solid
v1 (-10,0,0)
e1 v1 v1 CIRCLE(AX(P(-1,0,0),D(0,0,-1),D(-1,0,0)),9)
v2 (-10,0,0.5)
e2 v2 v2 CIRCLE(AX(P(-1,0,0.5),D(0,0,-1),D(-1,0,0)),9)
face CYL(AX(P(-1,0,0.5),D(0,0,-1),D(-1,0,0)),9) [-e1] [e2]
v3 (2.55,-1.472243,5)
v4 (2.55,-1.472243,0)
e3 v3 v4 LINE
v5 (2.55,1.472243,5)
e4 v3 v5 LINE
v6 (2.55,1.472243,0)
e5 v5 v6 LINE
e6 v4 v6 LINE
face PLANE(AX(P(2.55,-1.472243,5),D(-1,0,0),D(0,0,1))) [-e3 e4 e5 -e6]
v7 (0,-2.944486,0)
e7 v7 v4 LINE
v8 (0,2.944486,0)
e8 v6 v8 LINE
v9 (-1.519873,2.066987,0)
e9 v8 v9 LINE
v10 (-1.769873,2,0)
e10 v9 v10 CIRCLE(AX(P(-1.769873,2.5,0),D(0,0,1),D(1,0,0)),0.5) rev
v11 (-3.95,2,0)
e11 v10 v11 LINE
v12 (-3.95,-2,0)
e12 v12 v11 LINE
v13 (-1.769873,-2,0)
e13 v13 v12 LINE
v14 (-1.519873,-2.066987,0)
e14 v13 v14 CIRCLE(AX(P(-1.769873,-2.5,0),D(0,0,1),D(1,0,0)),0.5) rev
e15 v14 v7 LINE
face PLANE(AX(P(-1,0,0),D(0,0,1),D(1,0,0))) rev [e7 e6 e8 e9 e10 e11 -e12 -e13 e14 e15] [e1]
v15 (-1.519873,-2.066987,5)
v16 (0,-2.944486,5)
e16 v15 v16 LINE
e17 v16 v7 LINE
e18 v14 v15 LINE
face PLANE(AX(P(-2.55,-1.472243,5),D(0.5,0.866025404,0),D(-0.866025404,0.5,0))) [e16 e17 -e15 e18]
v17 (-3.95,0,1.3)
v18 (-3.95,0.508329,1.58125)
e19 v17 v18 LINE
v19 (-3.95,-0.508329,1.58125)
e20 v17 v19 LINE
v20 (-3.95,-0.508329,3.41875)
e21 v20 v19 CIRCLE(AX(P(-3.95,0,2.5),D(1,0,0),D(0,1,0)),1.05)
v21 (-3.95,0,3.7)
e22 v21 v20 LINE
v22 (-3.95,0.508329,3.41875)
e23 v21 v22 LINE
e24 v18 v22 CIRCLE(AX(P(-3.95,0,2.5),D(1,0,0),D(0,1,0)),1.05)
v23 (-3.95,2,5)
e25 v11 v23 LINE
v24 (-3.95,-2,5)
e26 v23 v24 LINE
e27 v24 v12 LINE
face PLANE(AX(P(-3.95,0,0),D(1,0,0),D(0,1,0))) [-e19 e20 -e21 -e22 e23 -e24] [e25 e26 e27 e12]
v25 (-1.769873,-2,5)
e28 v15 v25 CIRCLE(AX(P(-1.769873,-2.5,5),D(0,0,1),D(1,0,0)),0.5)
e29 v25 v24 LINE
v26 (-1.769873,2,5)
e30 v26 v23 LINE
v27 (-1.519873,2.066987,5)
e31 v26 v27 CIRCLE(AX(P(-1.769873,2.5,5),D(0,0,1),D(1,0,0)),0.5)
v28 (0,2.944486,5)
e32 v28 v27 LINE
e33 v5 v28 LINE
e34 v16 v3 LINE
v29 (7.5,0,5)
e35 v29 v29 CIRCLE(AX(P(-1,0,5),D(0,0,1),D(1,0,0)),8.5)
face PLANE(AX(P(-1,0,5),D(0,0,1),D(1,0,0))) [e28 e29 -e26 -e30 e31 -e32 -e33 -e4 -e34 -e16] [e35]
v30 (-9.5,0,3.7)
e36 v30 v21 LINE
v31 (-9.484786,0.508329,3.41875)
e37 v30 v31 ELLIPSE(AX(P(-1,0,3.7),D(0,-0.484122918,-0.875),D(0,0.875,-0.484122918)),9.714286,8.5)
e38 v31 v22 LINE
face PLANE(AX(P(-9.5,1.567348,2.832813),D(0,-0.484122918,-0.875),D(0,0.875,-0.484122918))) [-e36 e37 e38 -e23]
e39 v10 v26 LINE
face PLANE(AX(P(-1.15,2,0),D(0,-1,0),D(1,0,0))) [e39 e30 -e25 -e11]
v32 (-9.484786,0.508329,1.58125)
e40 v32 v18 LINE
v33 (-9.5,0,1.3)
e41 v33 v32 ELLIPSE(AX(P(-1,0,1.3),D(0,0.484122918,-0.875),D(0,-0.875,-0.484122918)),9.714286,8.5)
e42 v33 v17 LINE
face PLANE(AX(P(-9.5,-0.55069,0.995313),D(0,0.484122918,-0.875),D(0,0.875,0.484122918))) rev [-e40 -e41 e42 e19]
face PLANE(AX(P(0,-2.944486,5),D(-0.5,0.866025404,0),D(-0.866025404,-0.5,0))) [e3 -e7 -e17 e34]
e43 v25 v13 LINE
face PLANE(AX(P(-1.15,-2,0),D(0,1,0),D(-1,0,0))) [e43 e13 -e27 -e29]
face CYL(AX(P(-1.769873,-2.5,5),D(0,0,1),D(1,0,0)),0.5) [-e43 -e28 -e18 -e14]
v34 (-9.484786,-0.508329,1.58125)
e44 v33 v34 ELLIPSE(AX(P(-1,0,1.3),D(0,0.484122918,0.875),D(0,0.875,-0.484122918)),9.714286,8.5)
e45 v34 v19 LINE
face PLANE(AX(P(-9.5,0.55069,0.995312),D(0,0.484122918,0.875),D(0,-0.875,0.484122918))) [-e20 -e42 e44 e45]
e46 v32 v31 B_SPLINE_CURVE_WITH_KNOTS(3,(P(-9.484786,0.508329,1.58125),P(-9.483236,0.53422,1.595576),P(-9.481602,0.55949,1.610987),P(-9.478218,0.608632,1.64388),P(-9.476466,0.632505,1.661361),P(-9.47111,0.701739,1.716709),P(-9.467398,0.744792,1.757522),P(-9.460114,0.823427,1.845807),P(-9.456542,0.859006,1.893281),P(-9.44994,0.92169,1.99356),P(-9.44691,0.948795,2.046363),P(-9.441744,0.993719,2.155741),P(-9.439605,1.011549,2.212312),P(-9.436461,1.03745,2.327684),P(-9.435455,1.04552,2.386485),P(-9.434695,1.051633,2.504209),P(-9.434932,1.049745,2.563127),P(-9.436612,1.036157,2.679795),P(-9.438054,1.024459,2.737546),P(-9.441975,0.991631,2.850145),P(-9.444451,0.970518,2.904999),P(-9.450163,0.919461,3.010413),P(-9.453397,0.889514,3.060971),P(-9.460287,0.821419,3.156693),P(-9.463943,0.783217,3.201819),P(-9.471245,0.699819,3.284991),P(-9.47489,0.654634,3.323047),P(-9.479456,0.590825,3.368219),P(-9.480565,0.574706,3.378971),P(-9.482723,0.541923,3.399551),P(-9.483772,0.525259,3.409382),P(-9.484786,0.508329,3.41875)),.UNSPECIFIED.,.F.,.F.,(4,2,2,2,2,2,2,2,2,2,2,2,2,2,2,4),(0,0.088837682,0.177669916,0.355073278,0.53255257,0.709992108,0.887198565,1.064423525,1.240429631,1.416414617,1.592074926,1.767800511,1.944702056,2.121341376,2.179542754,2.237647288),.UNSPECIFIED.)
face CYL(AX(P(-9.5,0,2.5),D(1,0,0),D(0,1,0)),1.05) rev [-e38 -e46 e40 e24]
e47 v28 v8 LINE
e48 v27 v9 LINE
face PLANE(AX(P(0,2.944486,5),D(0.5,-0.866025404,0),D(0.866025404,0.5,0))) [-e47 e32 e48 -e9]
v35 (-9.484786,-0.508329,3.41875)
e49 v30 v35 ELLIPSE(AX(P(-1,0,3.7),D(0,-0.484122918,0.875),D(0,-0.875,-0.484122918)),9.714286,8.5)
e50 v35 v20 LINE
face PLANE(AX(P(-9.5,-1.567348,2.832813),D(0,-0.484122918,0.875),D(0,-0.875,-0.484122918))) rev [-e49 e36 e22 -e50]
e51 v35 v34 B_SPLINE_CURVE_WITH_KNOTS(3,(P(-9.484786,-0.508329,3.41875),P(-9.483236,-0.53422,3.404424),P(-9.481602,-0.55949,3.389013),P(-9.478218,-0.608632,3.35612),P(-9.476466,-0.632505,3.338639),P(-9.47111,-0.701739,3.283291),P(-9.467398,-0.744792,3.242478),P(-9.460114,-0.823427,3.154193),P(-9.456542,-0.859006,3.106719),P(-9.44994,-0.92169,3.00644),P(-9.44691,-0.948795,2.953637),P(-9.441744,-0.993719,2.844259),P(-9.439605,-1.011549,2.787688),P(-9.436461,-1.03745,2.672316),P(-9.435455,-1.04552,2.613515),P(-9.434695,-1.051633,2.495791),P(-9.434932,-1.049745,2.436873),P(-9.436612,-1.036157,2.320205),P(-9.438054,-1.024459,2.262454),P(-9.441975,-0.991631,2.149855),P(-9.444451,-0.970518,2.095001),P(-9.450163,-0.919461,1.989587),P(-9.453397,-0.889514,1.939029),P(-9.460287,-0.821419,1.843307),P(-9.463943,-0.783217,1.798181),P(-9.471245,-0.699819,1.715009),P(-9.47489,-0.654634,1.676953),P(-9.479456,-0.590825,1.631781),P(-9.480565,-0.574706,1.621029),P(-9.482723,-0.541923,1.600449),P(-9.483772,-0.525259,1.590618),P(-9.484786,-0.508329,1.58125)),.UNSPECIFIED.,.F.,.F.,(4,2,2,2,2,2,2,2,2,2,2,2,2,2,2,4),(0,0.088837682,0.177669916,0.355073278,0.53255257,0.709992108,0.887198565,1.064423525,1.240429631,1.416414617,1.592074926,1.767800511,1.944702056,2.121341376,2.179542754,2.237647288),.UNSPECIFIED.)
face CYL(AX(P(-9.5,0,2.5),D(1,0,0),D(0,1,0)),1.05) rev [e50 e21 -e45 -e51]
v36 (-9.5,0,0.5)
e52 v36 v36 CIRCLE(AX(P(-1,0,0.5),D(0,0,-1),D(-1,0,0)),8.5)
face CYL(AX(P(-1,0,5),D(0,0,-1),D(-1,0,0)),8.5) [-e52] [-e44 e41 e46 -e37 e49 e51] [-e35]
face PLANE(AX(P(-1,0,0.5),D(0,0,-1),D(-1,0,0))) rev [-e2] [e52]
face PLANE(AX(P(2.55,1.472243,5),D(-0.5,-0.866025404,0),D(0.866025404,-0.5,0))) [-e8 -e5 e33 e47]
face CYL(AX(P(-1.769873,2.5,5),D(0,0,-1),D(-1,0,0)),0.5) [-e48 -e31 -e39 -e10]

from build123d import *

# Parameters (mm, degrees)
SKETCH1_R                   = 8.5
BOSS_EXTRUDE1_DEPTH         = 5
M2_HEXNUT_CUTOUT_DEPTH      = 1.4
M2_HEXNUT_CUTOUT_DEPTH_BACK = 1.4
SKETCH2_W                   = 5
SKETCH2_H                   = 4
FILLET1_R                   = 0.5
M2_THRU_DEPTH               = 16.111336804
SKETCH4_R                   = 9
SKETCH4_R_2                 = 8.5
BOSS_EXTRUDE2_DEPTH         = 0.5


with BuildPart() as part:
    # Sketch1 → Boss-Extrude1 (new body)
    with BuildSketch(Plane.XY):
        with Locations((-1, 0)):
            Circle(SKETCH1_R)
        Polygon((0, -2.944486373), (2.55, -1.472243186), (2.55, 1.472243186), (0, 2.944486373), (-2.55, 1.472243186), (-2.55, -1.472243186), align=None, mode=Mode.SUBTRACT)
    extrude(amount=BOSS_EXTRUDE1_DEPTH)

    # Sketch2 → M2 Hexnut Cutout (cut, two sides: drawn at the far end of the back side and taken through both)
    with BuildSketch(Plane(origin=(-2.55, 0, 0), x_dir=(0, 0, -1), z_dir=(1, 0, 0)).offset(-M2_HEXNUT_CUTOUT_DEPTH_BACK)):
        with Locations((-2.5, 0)):
            Rectangle(SKETCH2_W, SKETCH2_H)
    extrude(amount=M2_HEXNUT_CUTOUT_DEPTH + M2_HEXNUT_CUTOUT_DEPTH_BACK, mode=Mode.SUBTRACT)

    # Fillet1
    fillet1_edges = [part.edges().sort_by_distance(p)[0] for p in [
        (-1.635898385, 2, 2.5),
        (-1.635898385, -2, 2.5),
    ]]
    fillet(fillet1_edges, radius=FILLET1_R)

    # Sketch3 → M2 Thru (cut, through all)
    with BuildSketch(Plane(origin=(-3.95, 0, 0), x_dir=(0, 0, -1), z_dir=(1, 0, 0))):
        with BuildLine():
            Line((-3.7, 0), (-3.41875, -0.508329064))
            ThreePointArc((-3.41875, -0.508329064), (-2.5, -1.05), (-1.58125, -0.508329064))
            Line((-1.58125, -0.508329064), (-1.3, 0))
            Line((-1.3, 0), (-1.58125, 0.508329064))
            ThreePointArc((-1.58125, 0.508329064), (-2.5, 1.05), (-3.41875, 0.508329064))
            Line((-3.41875, 0.508329064), (-3.7, 0))
        make_face()
    extrude(amount=-M2_THRU_DEPTH, mode=Mode.SUBTRACT)

    # Sketch4 → Boss-Extrude2 (add)
    with BuildSketch(Plane(origin=(0, 0, 0), x_dir=(-1, 0, 0), z_dir=(0, 0, -1))):
        with Locations((1, 0)):
            Circle(SKETCH4_R)
        with Locations((1, 0)):
            Circle(SKETCH4_R_2, mode=Mode.SUBTRACT)
    extrude(amount=-BOSS_EXTRUDE2_DEPTH)


solid = part.part
